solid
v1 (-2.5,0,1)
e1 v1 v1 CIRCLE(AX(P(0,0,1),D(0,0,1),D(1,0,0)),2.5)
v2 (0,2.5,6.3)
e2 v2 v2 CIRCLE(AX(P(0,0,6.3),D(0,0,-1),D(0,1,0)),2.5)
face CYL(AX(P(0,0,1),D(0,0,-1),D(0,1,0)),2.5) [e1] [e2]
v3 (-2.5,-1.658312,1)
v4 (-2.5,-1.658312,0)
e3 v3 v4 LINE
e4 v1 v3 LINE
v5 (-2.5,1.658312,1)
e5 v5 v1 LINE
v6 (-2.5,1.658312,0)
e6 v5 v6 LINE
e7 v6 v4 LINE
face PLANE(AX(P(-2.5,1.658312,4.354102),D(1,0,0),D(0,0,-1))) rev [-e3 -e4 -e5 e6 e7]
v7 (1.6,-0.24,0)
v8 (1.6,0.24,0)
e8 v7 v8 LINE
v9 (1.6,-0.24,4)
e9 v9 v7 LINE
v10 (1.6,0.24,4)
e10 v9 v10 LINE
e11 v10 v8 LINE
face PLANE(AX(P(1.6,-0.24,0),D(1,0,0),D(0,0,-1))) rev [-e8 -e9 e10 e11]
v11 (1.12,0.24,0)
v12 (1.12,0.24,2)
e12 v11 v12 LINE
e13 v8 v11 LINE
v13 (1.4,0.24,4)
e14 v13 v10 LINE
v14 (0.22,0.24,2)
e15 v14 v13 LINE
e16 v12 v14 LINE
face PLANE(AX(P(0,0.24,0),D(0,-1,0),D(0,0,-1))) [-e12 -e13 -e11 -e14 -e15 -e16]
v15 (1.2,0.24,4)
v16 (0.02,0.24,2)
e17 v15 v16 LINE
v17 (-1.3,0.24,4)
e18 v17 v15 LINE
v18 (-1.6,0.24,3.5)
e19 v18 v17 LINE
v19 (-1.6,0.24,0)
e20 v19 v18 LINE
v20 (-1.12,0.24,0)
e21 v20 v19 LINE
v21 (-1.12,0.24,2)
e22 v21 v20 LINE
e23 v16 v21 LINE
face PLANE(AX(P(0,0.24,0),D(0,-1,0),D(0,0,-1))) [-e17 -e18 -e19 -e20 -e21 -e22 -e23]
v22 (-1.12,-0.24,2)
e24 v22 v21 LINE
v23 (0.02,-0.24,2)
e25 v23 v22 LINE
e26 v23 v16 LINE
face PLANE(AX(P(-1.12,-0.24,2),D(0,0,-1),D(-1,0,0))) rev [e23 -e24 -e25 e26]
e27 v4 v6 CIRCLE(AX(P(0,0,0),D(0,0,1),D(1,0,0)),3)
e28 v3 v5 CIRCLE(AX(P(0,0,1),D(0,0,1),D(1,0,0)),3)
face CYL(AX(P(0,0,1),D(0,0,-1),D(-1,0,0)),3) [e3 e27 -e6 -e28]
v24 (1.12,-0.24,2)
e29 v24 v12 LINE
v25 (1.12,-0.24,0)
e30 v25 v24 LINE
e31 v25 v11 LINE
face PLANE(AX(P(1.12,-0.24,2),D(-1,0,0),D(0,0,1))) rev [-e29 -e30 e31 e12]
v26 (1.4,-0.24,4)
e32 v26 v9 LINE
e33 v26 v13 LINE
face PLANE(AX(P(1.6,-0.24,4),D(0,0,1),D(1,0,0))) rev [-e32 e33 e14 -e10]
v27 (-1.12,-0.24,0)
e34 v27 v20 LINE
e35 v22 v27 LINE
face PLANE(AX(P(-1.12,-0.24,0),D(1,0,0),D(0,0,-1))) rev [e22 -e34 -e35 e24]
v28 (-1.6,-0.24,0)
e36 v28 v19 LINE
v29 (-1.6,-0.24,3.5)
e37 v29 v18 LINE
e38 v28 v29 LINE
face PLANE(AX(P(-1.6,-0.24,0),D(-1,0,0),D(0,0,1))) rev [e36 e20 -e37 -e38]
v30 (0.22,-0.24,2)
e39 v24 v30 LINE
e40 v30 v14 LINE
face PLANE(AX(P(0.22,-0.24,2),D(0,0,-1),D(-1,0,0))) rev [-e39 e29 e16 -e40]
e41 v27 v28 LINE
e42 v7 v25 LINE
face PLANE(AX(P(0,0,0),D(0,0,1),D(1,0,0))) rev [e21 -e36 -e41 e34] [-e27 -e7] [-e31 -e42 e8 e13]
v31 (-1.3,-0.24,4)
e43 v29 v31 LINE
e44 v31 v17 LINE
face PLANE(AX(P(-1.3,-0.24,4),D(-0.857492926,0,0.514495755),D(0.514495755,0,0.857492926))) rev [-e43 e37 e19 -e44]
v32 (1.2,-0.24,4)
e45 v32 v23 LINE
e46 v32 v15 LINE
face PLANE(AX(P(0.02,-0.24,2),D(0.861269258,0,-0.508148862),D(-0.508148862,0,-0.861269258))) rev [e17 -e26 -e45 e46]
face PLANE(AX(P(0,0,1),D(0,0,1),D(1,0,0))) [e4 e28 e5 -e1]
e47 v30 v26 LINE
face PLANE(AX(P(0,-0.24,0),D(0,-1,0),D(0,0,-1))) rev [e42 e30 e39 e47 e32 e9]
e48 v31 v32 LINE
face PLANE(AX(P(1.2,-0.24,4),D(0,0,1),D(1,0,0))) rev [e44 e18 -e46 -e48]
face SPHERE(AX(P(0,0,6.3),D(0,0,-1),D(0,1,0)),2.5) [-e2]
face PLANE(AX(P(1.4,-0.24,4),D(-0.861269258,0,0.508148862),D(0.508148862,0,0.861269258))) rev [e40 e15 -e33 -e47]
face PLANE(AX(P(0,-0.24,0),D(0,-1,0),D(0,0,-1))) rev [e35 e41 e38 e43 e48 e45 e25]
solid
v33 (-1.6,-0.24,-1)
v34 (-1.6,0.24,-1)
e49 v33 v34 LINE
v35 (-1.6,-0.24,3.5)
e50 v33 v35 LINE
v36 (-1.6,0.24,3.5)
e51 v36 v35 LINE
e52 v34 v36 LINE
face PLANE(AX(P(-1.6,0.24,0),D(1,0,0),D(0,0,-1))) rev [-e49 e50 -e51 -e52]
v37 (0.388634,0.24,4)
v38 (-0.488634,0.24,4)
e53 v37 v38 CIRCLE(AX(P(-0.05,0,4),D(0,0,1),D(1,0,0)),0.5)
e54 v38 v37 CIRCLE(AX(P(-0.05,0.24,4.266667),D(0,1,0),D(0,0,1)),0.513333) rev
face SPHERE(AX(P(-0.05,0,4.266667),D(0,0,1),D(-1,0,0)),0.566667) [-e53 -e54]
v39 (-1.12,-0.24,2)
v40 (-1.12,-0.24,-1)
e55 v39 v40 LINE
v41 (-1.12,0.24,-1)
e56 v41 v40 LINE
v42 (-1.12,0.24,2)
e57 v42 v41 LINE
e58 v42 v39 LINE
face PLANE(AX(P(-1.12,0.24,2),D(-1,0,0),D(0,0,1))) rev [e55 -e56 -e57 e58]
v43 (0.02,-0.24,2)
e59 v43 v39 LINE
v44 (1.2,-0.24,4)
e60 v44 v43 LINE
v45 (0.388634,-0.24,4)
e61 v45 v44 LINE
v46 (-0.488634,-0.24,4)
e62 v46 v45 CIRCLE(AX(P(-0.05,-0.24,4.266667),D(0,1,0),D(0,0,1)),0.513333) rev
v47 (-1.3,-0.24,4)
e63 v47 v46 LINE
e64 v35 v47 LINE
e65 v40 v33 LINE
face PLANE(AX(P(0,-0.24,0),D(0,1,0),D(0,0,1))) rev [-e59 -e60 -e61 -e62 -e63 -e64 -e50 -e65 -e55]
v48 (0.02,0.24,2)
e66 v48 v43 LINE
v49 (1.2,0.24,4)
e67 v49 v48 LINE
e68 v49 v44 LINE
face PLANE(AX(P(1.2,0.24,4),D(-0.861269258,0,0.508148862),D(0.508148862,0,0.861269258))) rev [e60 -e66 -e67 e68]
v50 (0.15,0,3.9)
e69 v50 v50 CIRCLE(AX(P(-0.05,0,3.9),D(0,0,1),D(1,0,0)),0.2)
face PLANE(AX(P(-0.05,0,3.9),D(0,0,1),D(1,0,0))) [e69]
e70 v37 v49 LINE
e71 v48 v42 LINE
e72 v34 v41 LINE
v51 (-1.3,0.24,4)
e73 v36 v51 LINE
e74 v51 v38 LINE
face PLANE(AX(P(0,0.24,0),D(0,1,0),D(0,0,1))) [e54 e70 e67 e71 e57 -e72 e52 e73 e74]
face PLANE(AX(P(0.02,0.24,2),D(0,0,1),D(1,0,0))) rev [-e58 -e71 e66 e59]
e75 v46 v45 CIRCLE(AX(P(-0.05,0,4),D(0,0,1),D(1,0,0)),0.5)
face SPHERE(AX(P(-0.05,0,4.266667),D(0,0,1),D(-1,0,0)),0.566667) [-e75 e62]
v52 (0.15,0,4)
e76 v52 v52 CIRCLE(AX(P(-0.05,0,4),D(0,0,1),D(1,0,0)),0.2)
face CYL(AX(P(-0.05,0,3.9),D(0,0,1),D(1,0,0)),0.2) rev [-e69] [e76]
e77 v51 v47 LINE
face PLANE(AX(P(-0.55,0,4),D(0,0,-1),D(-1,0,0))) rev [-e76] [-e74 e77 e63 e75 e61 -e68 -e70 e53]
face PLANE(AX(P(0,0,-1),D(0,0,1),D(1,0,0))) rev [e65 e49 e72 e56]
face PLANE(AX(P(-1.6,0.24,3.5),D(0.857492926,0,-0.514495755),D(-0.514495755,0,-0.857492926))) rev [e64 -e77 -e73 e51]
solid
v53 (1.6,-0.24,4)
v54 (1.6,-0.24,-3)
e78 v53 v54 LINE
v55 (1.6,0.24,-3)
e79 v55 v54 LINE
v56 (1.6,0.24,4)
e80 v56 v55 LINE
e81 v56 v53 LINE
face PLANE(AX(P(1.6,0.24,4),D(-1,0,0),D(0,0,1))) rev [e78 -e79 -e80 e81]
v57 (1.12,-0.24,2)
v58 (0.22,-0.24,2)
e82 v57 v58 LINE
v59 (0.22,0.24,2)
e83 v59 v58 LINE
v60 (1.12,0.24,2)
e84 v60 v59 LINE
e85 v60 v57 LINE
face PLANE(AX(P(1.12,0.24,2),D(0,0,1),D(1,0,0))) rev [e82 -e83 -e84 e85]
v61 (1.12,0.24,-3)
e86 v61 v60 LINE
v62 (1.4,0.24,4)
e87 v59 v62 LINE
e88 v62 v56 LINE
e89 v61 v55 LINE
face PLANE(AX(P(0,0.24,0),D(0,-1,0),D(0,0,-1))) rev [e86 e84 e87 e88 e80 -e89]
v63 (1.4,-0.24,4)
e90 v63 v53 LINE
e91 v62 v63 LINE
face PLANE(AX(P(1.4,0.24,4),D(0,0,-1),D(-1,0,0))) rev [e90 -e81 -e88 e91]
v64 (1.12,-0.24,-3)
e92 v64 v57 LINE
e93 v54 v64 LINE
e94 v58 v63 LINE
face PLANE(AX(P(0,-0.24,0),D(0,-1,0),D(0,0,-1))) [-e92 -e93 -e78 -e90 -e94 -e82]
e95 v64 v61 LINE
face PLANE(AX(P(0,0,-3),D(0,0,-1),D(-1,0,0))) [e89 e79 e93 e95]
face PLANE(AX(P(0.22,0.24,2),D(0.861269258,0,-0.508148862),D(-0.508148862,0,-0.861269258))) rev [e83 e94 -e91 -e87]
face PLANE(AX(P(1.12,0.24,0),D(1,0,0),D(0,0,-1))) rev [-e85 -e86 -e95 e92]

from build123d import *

# Parameters (mm, degrees)
ESBO_O1_R                  = 3
RESSALTO_EXTRUS_O1_DEPTH   = 1
CORTE_EXTRUS_O1_DEPTH      = 1
ESBO_O5_W                  = 0.48
ESBO_O5_H                  = 0.48
RESSALTO_EXTRUS_O2_DEPTH   = 1
RESSALTO_EXTRUS_O2_2_DEPTH = 1
ESBO_O6_W                  = 0.48
ESBO_O6_H                  = 0.48
RESSALTO_EXTRUS_O3_DEPTH   = 2
CORTE_EXTRUS_O2_DEPTH      = 0.24
RESSALTO_EXTRUS_O4_DEPTH   = 0.24
RESSALTO_EXTRUS_O4_2_DEPTH = 0.24
ESBO_O12_R                 = 0.2
CORTE_EXTRUS_O3_DEPTH      = 0.1


with BuildPart() as part:
    # Esboço1 → Ressalto-extrusão1 (new body)
    with BuildSketch(Plane.XY):
        Circle(ESBO_O1_R)
    extrude(amount=RESSALTO_EXTRUS_O1_DEPTH)

    # Esboço3 → Revolução1 (revolve)
    with BuildSketch(Plane(origin=(0, 0, 0), x_dir=(0, 0, -1), z_dir=(1, 0, 0))):
        with BuildLine():
            Line((-1, 0), (-8.8, 0))
            ThreePointArc((-8.8, 0), (-8.067766953, 1.767766953), (-6.3, 2.5))
            Line((-6.3, 2.5), (-1, 2.5))
            Line((-1, 2.5), (-1, 0))
        make_face()
    revolve(axis=Axis((0, 0, 1), (0, 0, 1)))

    # Esboço4 → Corte-extrusão1 (cut)
    with BuildSketch(Plane(origin=(0, 0, 0), x_dir=(-1, 0, 0), z_dir=(0, 0, -1))):
        with BuildLine():
            Line((2.5, 1.658312395), (2.5, -1.658312395))
            ThreePointArc((2.5, -1.658312395), (3, 0), (2.5, 1.658312395))
        make_face()
    extrude(amount=-CORTE_EXTRUS_O1_DEPTH, mode=Mode.SUBTRACT)

    # Esboço7 → Corte-extrusão2 (cut, symmetric)
    with BuildSketch(Plane(origin=(0, 0, 0), x_dir=(1, 0, 0), z_dir=(0, 1, 0))):
        Polygon((-1.6, 0), (-1.6, -3.5), (-1.3, -4), (1.2, -4), (0.02, -2), (-1.12, -2), (-1.12, 0), align=None)
        Polygon((1.6, 0), (1.6, -4), (1.4, -4), (0.22, -2), (1.12, -2), (1.12, 0), align=None)
    extrude(amount=CORTE_EXTRUS_O2_DEPTH, both=True, mode=Mode.SUBTRACT)


with BuildPart() as body_2:
    # Esboço5 → Ressalto-extrusão2 (new body)
    with BuildSketch(Plane(origin=(0, 0, 0), x_dir=(-1, 0, 0), z_dir=(0, 0, -1))):
        with Locations((-1.36, 0)):
            Rectangle(ESBO_O5_W, ESBO_O5_H)
    extrude(amount=RESSALTO_EXTRUS_O2_DEPTH)


with BuildPart() as body_3:
    # Esboço5 → Ressalto-extrus_o2 2 (new body)
    with BuildSketch(Plane(origin=(0, 0, 0), x_dir=(-1, 0, 0), z_dir=(0, 0, -1))):
        with Locations((1.36, 0)):
            Rectangle(ESBO_O5_W, ESBO_O5_H)
    extrude(amount=RESSALTO_EXTRUS_O2_2_DEPTH)


with BuildPart() as body_4:
    # Esboço6 → Ressalto-extrusão3 (new body)
    with BuildSketch(Plane(origin=(0, 0, -1), x_dir=(-1, 0, 0), z_dir=(0, 0, -1))):
        with Locations((-1.36, 0)):
            Rectangle(ESBO_O6_W, ESBO_O6_H)
    extrude(amount=RESSALTO_EXTRUS_O3_DEPTH)


with BuildPart() as body_5:
    # Esboço8 → Ressalto-extrusão4 (new, symmetric)
    with BuildSketch(Plane(origin=(0, 0, 0), x_dir=(1, 0, 0), z_dir=(0, 1, 0))):
        Polygon((-1.3, -4), (1.2, -4), (0.02, -2), (-1.12, -2), (-1.12, 0), (-1.6, 0), (-1.6, -3.5), align=None)
    extrude(amount=RESSALTO_EXTRUS_O4_DEPTH, both=True)

    # Combinar2: union body 3
    add(body_3.part)

    # Esboço10 → Corte-Revolução1 (revolve, cut)
    with BuildSketch(Plane(origin=(0, 0, 0), x_dir=(1, 0, 0), z_dir=(0, 1, 0))):
        with BuildLine():
            Line((-0.05, -4), (-0.05, -3.7))
            ThreePointArc((-0.05, -3.7), (-0.341547595, -3.780754009), (-0.55, -4))
            Line((-0.55, -4), (-0.05, -4))
        make_face()
    revolve(axis=Axis((-0.05, 0, 4), (0, 0, -1)), mode=Mode.SUBTRACT)


with BuildPart() as body_6:
    # Esboço8 → Ressalto-extrus_o4 2 (new, symmetric)
    with BuildSketch(Plane(origin=(0, 0, 0), x_dir=(1, 0, 0), z_dir=(0, 1, 0))):
        Polygon((0.22, -2), (1.4, -4), (1.6, -4), (1.6, 0), (1.12, 0), (1.12, -2), align=None)
    extrude(amount=RESSALTO_EXTRUS_O4_2_DEPTH, both=True)

    # Combinar1: union body 4, body 2
    add(body_4.part)
    add(body_2.part)


with BuildPart() as body_4_2:
    # Esboço11 → Revolução2 (revolve)
    with BuildSketch(Plane(origin=(0, 0, 0), x_dir=(1, 0, 0), z_dir=(0, 1, 0))):
        with BuildLine():
            Line((-0.55, -4), (-0.05, -4))
            Line((-0.05, -4), (-0.05, -3.7))
            ThreePointArc((-0.05, -3.7), (-0.341547595, -3.780754009), (-0.55, -4))
        make_face()
    revolve(axis=Axis((-0.05, 0, 4), (0, 0, -1)))

    # Combinar3: union body 5
    add(body_5.part)

    # Esboço12 → Corte-extrusão3 (cut)
    with BuildSketch(Plane.XY.offset(4)):
        with Locations((-0.05, 0)):
            Circle(ESBO_O12_R)
    extrude(amount=-CORTE_EXTRUS_O3_DEPTH, mode=Mode.SUBTRACT)


solid = Compound([part.part, body_6.part, body_4_2.part])
